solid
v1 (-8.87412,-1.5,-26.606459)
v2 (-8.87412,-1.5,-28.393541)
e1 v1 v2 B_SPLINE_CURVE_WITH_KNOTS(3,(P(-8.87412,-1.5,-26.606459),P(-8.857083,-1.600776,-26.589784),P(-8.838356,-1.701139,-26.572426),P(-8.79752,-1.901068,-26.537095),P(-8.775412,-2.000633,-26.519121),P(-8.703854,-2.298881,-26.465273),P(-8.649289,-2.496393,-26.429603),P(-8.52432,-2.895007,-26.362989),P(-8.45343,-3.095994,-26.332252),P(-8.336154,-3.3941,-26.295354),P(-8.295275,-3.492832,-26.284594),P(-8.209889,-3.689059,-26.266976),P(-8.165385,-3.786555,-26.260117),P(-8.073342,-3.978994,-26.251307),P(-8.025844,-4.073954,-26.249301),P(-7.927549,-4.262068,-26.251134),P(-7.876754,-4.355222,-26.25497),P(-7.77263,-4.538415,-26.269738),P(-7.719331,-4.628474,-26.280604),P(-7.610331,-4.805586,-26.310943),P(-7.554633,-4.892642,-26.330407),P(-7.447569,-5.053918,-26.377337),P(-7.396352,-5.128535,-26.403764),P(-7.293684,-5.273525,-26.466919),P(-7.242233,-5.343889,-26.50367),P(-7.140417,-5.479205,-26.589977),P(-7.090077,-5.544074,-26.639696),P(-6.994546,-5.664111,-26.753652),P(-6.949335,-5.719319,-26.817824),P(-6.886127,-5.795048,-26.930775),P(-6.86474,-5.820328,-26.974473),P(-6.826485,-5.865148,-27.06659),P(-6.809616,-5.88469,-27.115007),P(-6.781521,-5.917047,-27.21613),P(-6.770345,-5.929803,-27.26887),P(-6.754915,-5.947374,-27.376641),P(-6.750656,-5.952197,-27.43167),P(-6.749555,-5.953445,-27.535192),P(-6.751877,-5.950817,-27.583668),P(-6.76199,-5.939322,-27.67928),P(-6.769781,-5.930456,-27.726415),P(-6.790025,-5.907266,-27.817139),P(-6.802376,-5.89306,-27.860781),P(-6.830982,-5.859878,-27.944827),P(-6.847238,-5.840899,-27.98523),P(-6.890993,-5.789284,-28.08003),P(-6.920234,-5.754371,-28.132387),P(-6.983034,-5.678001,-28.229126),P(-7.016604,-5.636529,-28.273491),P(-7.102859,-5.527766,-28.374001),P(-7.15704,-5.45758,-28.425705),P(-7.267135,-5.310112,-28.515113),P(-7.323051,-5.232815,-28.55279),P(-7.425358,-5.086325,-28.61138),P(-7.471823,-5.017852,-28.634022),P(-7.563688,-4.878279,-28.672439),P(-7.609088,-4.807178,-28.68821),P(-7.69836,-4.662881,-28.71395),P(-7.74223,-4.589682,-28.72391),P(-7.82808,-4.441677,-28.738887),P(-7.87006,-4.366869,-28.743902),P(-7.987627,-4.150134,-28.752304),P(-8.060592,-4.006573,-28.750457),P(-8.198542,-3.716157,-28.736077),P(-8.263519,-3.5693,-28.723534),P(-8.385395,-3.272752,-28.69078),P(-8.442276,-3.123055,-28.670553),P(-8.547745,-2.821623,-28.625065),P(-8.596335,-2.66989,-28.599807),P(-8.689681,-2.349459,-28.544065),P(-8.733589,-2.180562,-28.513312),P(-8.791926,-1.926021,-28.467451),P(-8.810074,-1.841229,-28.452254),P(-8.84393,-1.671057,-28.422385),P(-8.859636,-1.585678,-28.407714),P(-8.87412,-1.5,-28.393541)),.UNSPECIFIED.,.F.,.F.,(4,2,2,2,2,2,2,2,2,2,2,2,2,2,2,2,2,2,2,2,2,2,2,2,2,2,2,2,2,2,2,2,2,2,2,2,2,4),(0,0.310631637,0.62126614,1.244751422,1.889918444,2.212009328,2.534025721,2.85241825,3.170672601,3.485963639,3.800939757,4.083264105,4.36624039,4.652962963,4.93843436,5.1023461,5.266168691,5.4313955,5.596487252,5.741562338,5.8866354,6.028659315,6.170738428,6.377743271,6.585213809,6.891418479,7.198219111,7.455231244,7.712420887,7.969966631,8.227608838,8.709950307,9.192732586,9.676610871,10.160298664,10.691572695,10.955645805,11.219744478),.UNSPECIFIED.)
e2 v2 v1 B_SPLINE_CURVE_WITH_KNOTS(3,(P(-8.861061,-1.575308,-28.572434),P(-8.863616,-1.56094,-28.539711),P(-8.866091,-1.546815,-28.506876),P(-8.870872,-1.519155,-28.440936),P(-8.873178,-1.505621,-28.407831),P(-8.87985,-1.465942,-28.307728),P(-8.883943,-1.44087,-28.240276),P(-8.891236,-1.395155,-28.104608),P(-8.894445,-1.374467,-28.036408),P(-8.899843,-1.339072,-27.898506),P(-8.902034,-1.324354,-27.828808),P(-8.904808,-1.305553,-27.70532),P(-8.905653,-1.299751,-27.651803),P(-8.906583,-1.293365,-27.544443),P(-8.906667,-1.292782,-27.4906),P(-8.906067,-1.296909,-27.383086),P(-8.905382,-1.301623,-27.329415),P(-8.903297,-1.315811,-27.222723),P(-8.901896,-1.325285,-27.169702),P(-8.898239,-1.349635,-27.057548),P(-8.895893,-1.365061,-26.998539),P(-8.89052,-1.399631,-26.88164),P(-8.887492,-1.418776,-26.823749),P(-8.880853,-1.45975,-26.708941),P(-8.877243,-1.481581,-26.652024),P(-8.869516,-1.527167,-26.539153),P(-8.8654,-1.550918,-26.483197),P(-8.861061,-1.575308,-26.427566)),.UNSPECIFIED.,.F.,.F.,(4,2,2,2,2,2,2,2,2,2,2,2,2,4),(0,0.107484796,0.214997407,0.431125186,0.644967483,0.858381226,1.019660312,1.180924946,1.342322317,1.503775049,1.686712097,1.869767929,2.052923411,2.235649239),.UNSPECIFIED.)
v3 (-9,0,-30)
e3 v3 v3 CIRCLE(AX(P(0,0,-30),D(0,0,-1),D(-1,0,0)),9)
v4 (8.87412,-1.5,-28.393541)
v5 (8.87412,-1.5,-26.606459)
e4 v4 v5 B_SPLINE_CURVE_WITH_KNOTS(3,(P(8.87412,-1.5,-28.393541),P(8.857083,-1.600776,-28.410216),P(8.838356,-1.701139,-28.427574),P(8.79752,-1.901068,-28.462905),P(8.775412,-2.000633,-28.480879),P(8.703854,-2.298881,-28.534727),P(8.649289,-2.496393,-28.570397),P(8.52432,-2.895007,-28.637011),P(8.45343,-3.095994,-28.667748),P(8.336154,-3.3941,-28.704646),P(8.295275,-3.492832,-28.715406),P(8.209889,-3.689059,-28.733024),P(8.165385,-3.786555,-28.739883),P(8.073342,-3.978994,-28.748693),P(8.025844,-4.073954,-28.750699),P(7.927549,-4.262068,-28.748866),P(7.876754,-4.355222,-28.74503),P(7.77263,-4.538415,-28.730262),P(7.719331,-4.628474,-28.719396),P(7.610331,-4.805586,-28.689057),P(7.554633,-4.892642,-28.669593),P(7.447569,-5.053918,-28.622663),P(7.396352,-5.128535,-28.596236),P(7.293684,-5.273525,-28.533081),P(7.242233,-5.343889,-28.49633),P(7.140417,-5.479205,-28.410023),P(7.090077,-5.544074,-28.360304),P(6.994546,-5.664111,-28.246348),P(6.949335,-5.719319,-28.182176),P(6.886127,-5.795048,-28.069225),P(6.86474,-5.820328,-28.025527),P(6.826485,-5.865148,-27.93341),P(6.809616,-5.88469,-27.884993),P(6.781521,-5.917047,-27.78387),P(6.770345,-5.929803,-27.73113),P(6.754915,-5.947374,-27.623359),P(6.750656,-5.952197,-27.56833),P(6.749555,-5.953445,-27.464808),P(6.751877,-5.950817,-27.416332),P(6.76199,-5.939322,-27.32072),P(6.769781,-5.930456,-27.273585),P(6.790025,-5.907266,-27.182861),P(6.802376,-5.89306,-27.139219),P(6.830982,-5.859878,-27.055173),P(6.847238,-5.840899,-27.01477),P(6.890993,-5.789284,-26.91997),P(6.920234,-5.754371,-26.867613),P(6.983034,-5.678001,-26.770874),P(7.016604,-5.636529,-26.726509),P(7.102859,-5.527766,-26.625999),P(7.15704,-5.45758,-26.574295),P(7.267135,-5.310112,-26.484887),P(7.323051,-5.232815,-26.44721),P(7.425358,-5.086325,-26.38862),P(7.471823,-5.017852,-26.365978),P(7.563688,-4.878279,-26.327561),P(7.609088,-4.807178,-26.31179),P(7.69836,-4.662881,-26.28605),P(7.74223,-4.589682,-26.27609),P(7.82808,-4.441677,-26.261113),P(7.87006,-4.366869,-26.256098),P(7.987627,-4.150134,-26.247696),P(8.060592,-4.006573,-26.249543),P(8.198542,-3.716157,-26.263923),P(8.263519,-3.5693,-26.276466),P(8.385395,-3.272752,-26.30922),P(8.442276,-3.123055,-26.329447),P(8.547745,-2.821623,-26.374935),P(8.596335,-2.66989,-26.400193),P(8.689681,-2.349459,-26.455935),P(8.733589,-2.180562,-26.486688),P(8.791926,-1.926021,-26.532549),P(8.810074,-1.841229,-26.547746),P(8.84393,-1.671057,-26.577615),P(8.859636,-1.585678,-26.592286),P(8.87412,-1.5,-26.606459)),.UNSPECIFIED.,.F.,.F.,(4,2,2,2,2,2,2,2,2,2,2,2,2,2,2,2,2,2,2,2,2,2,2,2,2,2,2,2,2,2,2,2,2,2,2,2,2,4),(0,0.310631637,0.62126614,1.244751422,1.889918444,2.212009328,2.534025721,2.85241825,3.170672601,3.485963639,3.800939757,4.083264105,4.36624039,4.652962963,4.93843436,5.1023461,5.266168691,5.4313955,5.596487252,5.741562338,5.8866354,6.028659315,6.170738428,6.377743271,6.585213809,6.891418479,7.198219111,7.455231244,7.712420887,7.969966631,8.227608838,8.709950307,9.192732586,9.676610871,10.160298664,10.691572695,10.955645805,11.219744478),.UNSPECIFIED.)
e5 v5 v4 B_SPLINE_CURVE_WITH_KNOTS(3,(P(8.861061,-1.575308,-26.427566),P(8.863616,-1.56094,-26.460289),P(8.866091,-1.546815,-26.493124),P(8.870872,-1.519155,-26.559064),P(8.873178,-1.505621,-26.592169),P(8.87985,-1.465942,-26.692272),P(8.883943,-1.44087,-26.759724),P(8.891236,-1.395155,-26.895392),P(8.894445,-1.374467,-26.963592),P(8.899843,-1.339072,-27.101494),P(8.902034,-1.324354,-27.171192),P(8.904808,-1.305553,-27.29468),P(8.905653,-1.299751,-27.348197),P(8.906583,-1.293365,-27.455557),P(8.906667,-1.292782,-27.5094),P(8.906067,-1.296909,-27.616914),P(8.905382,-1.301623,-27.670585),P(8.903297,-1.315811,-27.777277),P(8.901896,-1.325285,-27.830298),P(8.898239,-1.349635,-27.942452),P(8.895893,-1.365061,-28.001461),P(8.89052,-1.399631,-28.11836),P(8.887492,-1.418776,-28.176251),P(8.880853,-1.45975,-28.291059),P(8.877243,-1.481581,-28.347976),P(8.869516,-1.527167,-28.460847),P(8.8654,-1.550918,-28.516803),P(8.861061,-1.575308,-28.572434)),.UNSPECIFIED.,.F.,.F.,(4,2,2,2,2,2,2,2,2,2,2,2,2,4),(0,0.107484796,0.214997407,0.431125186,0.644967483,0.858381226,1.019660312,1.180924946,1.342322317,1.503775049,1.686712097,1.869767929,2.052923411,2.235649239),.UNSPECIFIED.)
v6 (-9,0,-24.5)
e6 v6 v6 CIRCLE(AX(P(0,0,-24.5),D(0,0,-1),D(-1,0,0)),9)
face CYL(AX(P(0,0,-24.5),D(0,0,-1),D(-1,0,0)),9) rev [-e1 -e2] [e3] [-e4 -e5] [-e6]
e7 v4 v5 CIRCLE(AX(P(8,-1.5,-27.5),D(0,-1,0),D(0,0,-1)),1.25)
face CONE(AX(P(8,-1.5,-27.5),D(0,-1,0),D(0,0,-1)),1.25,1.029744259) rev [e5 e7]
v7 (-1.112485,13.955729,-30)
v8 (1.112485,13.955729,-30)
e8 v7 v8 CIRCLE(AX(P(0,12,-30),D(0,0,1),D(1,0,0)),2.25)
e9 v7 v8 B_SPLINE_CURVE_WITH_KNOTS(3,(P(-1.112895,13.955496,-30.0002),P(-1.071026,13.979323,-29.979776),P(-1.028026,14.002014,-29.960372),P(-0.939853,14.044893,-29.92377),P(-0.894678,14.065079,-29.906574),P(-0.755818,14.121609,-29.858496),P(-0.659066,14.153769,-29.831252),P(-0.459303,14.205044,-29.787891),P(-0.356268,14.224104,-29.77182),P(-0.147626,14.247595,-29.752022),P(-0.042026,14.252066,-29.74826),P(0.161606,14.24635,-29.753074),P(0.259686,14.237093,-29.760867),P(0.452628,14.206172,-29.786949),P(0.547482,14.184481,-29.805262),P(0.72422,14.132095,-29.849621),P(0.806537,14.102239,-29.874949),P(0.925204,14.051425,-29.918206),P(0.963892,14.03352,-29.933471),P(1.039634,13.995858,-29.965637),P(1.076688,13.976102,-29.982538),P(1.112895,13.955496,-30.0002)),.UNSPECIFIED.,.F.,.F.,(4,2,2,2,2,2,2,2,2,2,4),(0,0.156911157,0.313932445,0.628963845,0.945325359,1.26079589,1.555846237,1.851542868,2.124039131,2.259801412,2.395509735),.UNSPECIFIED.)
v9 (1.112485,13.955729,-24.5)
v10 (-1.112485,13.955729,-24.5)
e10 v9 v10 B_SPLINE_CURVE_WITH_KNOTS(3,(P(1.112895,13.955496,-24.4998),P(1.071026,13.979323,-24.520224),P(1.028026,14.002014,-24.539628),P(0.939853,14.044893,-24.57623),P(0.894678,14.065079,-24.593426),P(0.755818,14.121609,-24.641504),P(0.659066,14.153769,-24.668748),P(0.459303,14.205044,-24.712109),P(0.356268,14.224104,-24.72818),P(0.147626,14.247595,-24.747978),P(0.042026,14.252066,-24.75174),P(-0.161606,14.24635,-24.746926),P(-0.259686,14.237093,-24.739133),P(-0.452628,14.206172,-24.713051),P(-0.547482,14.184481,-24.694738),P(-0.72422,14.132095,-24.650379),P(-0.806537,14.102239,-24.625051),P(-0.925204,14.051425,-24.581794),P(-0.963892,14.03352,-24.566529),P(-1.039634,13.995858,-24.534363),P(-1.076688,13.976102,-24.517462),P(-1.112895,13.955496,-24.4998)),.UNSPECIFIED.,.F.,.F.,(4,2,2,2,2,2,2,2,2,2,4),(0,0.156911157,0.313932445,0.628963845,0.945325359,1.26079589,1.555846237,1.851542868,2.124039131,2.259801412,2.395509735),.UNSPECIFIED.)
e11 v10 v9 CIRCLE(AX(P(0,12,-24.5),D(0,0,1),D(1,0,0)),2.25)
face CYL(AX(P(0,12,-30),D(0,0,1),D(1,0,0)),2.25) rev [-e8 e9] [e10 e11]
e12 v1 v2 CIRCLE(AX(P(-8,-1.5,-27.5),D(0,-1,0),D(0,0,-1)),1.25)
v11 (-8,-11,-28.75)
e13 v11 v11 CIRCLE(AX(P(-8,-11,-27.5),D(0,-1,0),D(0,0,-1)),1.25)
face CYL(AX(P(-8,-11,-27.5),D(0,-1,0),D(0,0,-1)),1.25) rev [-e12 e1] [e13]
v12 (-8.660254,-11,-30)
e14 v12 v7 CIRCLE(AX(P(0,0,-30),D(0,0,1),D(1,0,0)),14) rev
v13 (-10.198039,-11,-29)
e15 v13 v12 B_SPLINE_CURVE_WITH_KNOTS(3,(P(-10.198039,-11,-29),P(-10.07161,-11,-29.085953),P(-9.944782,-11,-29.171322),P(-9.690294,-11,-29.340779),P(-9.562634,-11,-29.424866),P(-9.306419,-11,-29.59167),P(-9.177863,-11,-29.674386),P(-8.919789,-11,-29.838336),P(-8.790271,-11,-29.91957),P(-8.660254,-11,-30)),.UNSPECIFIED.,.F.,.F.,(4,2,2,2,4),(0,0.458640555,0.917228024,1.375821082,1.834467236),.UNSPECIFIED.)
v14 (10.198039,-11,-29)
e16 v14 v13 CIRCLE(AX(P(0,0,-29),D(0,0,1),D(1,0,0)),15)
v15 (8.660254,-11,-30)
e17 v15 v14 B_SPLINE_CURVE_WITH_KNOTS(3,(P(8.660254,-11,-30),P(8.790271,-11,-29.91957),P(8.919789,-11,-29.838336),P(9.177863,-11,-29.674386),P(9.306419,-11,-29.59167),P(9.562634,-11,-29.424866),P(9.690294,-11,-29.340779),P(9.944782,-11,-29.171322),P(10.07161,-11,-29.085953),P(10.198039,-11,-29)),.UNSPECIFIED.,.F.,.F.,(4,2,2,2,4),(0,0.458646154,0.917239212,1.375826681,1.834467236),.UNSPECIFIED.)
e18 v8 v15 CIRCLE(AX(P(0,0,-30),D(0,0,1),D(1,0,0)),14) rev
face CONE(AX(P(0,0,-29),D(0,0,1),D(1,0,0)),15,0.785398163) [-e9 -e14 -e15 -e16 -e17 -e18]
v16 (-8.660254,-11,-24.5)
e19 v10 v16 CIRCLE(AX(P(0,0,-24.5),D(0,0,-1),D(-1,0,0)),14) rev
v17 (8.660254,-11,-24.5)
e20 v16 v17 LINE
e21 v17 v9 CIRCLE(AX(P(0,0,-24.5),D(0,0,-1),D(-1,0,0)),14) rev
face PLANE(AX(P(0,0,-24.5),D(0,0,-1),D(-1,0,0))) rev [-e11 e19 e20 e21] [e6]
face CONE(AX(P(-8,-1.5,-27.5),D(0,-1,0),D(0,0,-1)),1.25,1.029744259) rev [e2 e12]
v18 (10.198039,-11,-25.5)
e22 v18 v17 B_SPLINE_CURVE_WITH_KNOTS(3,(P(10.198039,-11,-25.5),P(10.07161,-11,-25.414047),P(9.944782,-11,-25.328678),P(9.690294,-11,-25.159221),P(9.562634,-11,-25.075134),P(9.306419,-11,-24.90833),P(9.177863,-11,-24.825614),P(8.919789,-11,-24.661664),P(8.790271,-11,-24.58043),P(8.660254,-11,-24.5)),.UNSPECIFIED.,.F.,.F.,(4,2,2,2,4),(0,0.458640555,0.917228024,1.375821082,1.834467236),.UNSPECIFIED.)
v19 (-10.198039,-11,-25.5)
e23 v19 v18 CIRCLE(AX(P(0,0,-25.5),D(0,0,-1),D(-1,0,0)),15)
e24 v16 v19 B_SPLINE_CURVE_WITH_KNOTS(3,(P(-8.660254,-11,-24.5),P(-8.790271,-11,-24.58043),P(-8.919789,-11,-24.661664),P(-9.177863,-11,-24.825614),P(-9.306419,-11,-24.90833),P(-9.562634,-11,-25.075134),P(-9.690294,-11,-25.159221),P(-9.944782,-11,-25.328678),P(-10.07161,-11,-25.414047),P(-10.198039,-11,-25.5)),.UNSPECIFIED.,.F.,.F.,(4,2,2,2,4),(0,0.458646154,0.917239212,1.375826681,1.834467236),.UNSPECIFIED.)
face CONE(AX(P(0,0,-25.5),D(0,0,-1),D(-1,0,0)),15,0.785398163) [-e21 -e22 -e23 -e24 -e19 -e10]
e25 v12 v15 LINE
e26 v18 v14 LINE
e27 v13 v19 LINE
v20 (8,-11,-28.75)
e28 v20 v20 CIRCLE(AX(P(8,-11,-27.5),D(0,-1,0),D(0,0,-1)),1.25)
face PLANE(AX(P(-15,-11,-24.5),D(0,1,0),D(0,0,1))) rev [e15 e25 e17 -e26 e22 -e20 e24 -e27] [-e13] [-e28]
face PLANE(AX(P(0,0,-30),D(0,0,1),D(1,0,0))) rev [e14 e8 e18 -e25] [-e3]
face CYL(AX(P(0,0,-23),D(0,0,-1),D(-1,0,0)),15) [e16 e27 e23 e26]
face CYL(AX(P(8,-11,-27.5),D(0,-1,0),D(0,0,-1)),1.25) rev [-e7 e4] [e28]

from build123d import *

# Parameters (mm, degrees)
SKETCH_1_R             = 7
SKETCH_1_R_2           = 5.5
EXTRUDE_1_DEPTH        = 30
EXTRUDE_START          = -7
SKETCH_2_R             = 15
SKETCH_2_R_2           = 5.5
EXTRUDE_2_DEPTH        = 7
SKETCH_5_W             = 5.5
SKETCH_5_H             = 9
CUT_EXTRUDE_4_DEPTH    = 15
HOLE_WIZARD_M3_1_D     = 2.5
HOLE_WIZARD_M3_1_DEPTH = 9.5
HOLE_WIZARD_M3_1_TIP   = 0.751075774
FILLET_1_R             = 1
SKETCH1_R              = 7.5
EXTRUDE1_DEPTH         = 5
CHAMFER1_SIZE          = 1
SKETCH_9_R             = 18
CUT_EXTRUDE_1_DEPTH    = 55
SKETCH_10_R            = 9
CUT_EXTRUDE_2_DEPTH    = 22.914607001
CHAMFER_5_SIZE         = 1
SKETCH_11_R            = 2.25
CUT_EXTRUDE_3_DEPTH    = 5.5


with BuildPart() as part:
    # 草图1 → 拉伸1 (new, symmetric)
    with BuildSketch(Plane.XY):
        Circle(SKETCH_1_R)
        Circle(SKETCH_1_R_2, mode=Mode.SUBTRACT)
    extrude(amount=EXTRUDE_1_DEPTH, both=True)

    # 草图2 → 拉伸2 (add)
    with BuildSketch(Plane.XY.offset(30).offset(EXTRUDE_START)):
        Circle(SKETCH_2_R)
        Circle(SKETCH_2_R_2, mode=Mode.SUBTRACT)
    extrude_2 = extrude(amount=EXTRUDE_2_DEPTH)

    # 镜向1: 拉伸2 across plane
    add(extrude_2.mirror(Plane.XY))

    # 草图5 → 拉伸4 (cut, symmetric)
    with BuildSketch(Plane(origin=(0, 0, 0), x_dir=(0, 0, -1), z_dir=(1, 0, 0))):
        with Locations((-27.25, -15.5)):
            Rectangle(SKETCH_5_W, SKETCH_5_H)
        with Locations((27.25, -15.5)):
            Rectangle(SKETCH_5_W, SKETCH_5_H)
    extrude(amount=CUT_EXTRUDE_4_DEPTH, both=True, mode=Mode.SUBTRACT)

    # M3 螺纹孔1
    with Locations(Plane(origin=(-8, -11, 27.5), x_dir=(0, 0, -1), z_dir=(0, -1, 0))):
        with Locations((0, 0), (0, 16), (55, 0), (55, 16)):
            Hole(HOLE_WIZARD_M3_1_D / 2, depth=HOLE_WIZARD_M3_1_DEPTH)
            with Locations((0, 0, -(HOLE_WIZARD_M3_1_DEPTH + HOLE_WIZARD_M3_1_TIP / 2))):  # 118° drill point
                Cone(0, HOLE_WIZARD_M3_1_D / 2, HOLE_WIZARD_M3_1_TIP, mode=Mode.SUBTRACT)

    # 圆角1
    fillet_1_edges = [part.edges().sort_by_distance(p)[0] for p in [
        (-7, 0, -23),
        (-7, 0, 23),
    ]]
    fillet(fillet_1_edges, radius=FILLET_1_R)

    # Sketch1 → Extrude1 (cut)
    with BuildSketch(Plane(origin=(0, 0, 30), x_dir=(-1, 0, 0), z_dir=(0, 0, -1))):
        Circle(SKETCH1_R)
    extrude(amount=EXTRUDE1_DEPTH, mode=Mode.SUBTRACT)

    # Chamfer1
    chamfer1_edges = [part.edges().sort_by_distance(p)[0] for p in [
        (-5.5, 0, 25),
    ]]
    chamfer(chamfer1_edges, length=CHAMFER1_SIZE)

    # 草图9 → 切除-拉伸1 (cut)
    with BuildSketch(Plane(origin=(0, 0, -24.5), x_dir=(-1, 0, 0), z_dir=(0, 0, -1))):
        Circle(SKETCH_9_R)
    extrude(amount=-CUT_EXTRUDE_1_DEPTH, mode=Mode.SUBTRACT)

    # 草图10 → 切除-拉伸2 (cut, through all)
    with BuildSketch(Plane(origin=(0, 0, -30), x_dir=(-1, 0, 0), z_dir=(0, 0, -1))):
        Circle(SKETCH_10_R)
    extrude(amount=-CUT_EXTRUDE_2_DEPTH, mode=Mode.SUBTRACT)

    # 倒角5
    chamfer_5_edges = [part.edges().sort_by_distance(p)[0] for p in [
        (0, 15, -30),
        (0, 15, -24.5),
    ]]
    chamfer(chamfer_5_edges, length=CHAMFER_5_SIZE)

    # 草图11 → 切除-拉伸3 (cut)
    with BuildSketch(Plane.XY.offset(-24.5)):
        with Locations(Location((0, 12, 0), (0, 0, 60.367309199))):
            Circle(SKETCH_11_R)
    extrude(amount=-CUT_EXTRUDE_3_DEPTH, mode=Mode.SUBTRACT)


solid = part.part
